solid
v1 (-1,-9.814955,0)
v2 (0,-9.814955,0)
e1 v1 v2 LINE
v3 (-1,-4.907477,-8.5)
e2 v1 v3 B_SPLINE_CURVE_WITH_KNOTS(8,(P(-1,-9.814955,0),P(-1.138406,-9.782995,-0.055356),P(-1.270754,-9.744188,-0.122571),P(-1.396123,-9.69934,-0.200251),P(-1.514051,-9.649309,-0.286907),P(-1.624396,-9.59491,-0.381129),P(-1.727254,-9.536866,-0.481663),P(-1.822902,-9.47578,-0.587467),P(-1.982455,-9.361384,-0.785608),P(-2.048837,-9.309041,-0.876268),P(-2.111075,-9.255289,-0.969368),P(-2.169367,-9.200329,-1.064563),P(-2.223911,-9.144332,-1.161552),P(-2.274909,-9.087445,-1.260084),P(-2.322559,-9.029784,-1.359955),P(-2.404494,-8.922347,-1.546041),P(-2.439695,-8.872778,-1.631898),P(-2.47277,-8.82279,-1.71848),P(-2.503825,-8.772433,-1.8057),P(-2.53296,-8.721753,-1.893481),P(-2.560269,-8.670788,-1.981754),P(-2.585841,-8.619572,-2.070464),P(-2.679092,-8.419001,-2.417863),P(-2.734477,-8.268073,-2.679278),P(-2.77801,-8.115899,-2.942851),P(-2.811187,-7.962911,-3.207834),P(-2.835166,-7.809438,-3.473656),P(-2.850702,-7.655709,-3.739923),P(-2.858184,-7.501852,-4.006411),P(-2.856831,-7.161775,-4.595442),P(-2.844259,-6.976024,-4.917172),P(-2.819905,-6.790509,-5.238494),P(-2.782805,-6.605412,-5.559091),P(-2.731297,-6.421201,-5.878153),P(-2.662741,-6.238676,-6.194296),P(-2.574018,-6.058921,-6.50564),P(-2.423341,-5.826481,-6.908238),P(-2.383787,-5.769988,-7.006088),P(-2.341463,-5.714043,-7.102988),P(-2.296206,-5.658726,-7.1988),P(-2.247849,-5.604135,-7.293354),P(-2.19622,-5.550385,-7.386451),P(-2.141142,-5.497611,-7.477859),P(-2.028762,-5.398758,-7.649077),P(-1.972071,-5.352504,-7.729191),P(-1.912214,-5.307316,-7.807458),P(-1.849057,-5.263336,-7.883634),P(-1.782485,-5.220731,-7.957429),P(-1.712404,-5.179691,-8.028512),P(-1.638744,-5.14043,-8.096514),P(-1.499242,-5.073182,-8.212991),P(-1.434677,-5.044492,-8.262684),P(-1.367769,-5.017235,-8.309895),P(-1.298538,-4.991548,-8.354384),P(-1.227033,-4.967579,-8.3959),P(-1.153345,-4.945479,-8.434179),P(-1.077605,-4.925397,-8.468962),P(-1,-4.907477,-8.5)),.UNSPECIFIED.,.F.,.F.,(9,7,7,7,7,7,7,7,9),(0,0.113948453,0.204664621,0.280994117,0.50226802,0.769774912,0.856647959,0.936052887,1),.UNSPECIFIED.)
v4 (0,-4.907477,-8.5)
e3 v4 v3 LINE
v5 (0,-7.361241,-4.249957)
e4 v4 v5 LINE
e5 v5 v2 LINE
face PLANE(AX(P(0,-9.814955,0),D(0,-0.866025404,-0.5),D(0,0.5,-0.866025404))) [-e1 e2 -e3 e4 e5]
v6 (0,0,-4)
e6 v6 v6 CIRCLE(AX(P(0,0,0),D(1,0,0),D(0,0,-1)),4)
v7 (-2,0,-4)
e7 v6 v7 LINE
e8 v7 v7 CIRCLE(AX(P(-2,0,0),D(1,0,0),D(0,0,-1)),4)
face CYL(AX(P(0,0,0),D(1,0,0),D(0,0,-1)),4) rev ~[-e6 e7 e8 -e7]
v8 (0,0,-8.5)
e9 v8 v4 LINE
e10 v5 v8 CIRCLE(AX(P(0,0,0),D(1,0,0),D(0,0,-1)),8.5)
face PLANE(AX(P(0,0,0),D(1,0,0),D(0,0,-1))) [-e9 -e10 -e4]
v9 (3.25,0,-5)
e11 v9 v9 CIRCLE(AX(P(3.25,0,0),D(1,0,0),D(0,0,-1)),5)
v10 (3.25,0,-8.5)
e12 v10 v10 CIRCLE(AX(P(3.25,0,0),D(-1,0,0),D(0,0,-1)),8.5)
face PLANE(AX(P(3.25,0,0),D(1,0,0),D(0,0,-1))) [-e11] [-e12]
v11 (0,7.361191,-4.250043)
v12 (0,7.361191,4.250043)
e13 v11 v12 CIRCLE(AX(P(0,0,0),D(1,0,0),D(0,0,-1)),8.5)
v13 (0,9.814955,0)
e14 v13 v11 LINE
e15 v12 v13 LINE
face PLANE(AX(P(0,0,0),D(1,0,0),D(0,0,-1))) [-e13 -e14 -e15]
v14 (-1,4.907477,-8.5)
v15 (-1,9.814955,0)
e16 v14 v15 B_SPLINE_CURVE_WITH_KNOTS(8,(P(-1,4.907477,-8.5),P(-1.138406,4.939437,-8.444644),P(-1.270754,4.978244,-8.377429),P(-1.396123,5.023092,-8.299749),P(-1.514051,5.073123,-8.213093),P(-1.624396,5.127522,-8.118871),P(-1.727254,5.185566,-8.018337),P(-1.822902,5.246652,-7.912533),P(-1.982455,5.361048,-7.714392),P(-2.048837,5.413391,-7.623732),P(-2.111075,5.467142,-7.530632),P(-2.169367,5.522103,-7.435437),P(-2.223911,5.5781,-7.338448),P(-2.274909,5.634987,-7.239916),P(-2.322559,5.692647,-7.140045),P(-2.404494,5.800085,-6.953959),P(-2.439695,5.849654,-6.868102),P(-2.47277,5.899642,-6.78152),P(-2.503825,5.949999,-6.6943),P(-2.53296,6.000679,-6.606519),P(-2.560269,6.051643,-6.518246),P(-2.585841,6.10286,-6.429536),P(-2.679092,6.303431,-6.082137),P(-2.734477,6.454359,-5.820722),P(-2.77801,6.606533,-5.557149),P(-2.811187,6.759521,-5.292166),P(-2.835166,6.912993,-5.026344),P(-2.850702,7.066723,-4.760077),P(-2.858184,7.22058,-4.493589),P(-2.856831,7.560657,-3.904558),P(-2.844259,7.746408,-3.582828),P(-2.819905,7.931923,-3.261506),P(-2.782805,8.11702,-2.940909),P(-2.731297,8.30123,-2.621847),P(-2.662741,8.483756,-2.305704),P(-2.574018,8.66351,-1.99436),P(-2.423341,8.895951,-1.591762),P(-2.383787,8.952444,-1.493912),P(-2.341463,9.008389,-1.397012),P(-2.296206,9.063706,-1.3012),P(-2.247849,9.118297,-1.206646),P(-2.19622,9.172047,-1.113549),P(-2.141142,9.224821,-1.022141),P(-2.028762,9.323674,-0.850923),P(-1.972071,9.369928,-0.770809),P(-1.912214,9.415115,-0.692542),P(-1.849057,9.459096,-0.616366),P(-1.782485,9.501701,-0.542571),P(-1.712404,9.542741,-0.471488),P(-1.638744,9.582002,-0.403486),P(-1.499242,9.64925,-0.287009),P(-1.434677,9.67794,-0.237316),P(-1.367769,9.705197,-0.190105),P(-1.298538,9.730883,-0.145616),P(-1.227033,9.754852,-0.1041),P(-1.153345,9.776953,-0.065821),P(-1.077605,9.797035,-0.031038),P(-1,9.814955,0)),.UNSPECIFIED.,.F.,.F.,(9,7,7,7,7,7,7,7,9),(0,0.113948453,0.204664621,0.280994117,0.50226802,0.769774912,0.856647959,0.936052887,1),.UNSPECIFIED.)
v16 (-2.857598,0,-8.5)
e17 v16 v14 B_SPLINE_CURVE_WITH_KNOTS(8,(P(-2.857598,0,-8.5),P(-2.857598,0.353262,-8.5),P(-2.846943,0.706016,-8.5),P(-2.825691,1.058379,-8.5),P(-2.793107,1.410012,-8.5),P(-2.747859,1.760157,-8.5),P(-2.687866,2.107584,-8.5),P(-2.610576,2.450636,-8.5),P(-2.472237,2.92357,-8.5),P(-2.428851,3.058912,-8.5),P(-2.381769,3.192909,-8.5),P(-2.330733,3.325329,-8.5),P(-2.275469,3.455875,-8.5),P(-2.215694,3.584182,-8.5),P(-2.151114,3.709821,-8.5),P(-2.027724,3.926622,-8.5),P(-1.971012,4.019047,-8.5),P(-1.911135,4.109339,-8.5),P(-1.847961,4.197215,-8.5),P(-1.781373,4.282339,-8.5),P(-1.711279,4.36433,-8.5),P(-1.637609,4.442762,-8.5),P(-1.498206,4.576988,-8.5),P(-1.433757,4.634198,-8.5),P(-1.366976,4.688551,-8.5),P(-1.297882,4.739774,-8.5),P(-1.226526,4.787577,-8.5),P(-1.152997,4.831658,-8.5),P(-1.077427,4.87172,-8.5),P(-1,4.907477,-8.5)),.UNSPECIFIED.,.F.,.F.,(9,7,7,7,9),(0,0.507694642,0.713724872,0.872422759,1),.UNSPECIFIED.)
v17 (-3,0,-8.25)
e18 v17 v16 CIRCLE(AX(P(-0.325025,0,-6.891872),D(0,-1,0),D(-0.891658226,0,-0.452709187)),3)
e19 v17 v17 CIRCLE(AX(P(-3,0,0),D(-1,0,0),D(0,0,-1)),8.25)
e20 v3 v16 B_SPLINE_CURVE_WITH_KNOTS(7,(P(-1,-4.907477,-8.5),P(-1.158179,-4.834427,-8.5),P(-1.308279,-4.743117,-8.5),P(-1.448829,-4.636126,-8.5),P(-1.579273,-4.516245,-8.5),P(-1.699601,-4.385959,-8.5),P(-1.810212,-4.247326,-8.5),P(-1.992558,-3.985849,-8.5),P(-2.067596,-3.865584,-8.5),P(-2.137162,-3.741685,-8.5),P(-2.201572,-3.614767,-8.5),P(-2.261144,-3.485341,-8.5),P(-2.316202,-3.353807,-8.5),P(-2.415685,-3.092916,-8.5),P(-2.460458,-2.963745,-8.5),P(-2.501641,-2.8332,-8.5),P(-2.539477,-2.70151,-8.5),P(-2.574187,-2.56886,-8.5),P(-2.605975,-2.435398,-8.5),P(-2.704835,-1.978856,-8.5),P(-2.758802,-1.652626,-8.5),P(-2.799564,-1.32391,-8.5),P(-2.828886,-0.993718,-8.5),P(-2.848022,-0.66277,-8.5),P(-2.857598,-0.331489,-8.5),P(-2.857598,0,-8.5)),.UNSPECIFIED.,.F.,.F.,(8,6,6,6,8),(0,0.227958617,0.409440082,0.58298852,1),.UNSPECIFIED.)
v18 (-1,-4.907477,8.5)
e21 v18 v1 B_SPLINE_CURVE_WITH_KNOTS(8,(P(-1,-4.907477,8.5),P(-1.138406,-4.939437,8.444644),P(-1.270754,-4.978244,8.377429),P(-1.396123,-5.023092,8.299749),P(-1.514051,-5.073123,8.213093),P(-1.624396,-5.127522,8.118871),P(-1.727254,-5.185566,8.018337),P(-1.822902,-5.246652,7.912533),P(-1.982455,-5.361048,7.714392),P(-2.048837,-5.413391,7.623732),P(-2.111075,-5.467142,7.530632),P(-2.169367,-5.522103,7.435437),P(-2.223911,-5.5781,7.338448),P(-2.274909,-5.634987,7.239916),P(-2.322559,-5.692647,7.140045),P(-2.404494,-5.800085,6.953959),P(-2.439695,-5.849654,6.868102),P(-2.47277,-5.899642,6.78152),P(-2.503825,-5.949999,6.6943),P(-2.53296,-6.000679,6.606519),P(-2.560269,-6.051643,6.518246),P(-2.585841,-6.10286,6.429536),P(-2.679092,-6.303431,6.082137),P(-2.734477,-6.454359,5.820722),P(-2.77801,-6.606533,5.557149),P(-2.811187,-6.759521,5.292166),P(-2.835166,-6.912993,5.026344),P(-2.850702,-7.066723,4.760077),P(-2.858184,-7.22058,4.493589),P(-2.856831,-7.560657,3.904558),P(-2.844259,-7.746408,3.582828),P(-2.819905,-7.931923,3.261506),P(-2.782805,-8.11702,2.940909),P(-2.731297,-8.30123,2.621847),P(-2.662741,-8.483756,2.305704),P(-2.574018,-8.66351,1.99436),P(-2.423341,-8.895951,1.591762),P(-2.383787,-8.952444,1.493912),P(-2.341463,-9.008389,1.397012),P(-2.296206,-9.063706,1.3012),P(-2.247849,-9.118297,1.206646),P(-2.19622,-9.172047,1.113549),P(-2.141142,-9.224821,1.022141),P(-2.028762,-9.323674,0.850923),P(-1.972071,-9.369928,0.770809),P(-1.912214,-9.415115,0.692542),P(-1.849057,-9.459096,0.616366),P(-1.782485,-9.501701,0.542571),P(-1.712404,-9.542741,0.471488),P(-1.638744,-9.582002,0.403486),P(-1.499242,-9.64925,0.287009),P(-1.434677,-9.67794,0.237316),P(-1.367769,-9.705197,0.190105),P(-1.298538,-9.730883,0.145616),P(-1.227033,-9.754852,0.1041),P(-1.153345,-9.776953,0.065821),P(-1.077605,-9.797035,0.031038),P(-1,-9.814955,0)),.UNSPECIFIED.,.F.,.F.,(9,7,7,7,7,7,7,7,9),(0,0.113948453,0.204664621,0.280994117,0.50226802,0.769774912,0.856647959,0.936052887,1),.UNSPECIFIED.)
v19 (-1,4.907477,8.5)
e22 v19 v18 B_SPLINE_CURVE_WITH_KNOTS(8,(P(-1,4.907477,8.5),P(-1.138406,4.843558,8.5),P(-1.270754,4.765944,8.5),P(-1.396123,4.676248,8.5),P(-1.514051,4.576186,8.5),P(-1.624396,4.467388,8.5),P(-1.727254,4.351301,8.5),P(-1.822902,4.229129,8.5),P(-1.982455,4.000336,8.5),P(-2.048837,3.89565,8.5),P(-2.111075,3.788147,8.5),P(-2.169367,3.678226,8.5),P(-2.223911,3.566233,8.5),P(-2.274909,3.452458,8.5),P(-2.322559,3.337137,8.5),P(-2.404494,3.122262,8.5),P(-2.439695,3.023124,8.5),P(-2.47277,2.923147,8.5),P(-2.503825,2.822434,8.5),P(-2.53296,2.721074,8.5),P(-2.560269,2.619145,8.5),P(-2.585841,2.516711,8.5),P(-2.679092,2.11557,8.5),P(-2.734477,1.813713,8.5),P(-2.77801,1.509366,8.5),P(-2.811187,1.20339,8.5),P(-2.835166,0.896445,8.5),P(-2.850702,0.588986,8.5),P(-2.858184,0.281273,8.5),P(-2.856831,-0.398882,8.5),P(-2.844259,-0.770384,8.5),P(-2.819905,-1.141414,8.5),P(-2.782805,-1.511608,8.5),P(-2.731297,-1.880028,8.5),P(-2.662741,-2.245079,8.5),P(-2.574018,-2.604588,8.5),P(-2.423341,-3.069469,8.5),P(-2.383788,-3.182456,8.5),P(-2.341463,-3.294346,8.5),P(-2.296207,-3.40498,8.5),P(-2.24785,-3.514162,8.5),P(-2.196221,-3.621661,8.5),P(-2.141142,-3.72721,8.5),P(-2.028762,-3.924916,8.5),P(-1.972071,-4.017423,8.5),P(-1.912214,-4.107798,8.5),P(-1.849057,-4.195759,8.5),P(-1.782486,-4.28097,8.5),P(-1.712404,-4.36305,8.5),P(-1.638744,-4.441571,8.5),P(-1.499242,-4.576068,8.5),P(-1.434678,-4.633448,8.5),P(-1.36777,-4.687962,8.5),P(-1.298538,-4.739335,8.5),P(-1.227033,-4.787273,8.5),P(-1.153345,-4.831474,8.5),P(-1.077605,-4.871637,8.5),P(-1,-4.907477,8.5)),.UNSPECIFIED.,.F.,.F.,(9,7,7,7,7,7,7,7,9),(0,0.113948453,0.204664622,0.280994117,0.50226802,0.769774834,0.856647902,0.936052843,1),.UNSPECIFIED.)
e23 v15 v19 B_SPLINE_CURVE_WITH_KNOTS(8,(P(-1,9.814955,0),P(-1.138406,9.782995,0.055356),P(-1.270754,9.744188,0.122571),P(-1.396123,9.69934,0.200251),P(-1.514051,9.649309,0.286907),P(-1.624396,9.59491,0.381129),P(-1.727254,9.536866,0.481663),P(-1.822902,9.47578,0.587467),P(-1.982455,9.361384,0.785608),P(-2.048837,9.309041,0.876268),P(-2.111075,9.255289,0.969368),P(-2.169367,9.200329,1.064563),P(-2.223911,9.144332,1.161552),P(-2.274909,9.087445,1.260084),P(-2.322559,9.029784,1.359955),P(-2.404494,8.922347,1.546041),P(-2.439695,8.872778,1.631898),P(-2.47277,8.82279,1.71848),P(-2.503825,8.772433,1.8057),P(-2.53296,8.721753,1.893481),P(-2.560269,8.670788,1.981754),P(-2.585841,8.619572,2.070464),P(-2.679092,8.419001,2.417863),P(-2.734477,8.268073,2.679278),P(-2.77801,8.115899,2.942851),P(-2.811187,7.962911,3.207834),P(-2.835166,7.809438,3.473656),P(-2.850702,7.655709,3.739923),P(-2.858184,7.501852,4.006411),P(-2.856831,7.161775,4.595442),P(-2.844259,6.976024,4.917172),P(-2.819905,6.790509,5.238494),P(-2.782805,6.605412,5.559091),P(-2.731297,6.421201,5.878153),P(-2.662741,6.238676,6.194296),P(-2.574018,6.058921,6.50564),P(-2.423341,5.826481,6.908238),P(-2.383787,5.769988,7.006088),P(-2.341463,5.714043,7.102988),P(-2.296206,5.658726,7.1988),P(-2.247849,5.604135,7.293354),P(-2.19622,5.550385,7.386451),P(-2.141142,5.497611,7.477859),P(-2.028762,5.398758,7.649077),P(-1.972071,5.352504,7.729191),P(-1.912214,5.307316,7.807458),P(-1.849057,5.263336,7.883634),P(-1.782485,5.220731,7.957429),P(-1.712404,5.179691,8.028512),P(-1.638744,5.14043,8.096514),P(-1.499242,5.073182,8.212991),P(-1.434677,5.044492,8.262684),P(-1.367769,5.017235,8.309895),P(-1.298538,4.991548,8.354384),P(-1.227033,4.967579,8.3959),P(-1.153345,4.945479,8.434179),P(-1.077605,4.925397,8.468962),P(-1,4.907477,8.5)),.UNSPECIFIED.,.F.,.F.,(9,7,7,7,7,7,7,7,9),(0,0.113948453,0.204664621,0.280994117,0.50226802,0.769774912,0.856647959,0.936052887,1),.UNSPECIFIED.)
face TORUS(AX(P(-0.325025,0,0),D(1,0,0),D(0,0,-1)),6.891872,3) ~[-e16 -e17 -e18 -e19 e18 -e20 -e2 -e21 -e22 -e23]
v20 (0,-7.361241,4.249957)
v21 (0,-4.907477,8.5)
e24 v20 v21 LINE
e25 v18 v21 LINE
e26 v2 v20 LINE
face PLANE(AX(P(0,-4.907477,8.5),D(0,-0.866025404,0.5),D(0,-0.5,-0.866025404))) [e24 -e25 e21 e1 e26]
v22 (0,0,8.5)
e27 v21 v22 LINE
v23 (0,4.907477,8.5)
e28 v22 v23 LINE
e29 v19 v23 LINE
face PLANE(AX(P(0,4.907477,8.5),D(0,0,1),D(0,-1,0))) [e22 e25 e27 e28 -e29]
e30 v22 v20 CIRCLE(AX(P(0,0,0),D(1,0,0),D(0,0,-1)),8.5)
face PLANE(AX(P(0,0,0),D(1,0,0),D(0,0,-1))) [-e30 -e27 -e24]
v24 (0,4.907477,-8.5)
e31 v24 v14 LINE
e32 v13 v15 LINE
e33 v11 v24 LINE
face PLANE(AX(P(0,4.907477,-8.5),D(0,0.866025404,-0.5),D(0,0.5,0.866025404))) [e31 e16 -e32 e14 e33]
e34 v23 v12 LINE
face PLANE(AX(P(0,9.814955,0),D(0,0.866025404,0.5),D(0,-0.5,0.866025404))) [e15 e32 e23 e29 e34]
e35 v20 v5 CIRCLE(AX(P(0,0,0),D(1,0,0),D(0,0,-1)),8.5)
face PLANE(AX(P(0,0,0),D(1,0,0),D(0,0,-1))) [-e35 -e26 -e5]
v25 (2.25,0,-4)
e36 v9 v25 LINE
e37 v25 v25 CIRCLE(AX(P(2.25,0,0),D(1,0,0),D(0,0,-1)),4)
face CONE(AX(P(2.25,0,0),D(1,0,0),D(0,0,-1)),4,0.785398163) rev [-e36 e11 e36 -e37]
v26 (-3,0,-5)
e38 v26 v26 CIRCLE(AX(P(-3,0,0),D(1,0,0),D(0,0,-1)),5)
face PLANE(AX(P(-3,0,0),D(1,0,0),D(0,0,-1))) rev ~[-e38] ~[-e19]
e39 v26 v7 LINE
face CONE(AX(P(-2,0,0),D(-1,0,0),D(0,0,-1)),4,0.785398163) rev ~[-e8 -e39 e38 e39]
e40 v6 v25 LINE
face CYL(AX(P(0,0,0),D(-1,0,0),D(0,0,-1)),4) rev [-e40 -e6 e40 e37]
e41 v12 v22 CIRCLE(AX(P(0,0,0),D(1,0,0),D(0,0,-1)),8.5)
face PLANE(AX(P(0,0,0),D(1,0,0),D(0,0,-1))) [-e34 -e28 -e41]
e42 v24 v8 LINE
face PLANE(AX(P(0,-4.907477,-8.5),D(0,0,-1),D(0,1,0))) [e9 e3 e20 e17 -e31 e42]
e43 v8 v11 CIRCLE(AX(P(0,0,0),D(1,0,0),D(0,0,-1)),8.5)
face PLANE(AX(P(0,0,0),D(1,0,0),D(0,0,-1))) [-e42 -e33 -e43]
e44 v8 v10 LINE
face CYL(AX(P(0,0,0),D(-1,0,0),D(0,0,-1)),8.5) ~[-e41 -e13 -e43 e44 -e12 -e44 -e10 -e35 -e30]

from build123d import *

# Parameters (mm, degrees)
ESQUISSE2_R             = 4
EXTRUSION1_DEPTH        = 3.25
EXTRUSION1_DEPTH_BACK   = 3
ESQUISSE3_OUTSIDE_W     = 24.342
ESQUISSE3_OUTSIDE_H     = 26.972
ESQUISSE3_OUTSIDE_R     = 8.5
ENL_V_MAT_EXTRU_1_DEPTH = 4.25
CHANFREIN1_SIZE         = 1


with BuildPart() as part:
    # Esquisse2 → Extrusion1 (new body, two sides)
    with BuildSketch(Plane(origin=(0, 0, 0), x_dir=(0, 0, -1), z_dir=(1, 0, 0))) as extrusion1_sk:
        Polygon((0, 9.814954576), (-8.5, 4.907477288), (-8.5, -4.907477288), (0, -9.814954576), (8.5, -4.907477288), (8.5, 4.907477288), align=None)
        Circle(ESQUISSE2_R, mode=Mode.SUBTRACT)
    extrude(amount=EXTRUSION1_DEPTH)
    extrude(extrusion1_sk.sketch, amount=-EXTRUSION1_DEPTH_BACK)

    # Esquisse3 outside → Enlèv. mat.-Extru.1 (cut, through all)
    with BuildSketch(Plane(origin=(0, 0, 0), x_dir=(0, 0, -1), z_dir=(1, 0, 0))):
        Rectangle(ESQUISSE3_OUTSIDE_W, ESQUISSE3_OUTSIDE_H)
        Circle(ESQUISSE3_OUTSIDE_R, mode=Mode.SUBTRACT)
    extrude(amount=ENL_V_MAT_EXTRU_1_DEPTH, mode=Mode.SUBTRACT)

    # Esquisse4 → Enlèvement de matière-Révolution1 (revolve, cut)
    with BuildSketch(Plane.XY, mode=Mode.PRIVATE) as enl_vement_de_mati_re_r_volution1_sk:
        with BuildLine():
            Line((-1, 9.814954576), (-3, 9.814954576))
            Line((-3, 9.814954576), (-3, 8.25))
            ThreePointArc((-3, 8.25), (-2.173757557, 9.25453812), (-1, 9.814954576))
        make_face()
    revolve(enl_vement_de_mati_re_r_volution1_sk.sketch.rotate(Axis((0, 0, 0), (-1, 0, 0)), 90), axis=Axis((0, 0, 0), (-1, 0, 0)), mode=Mode.SUBTRACT)  # turned: the seam where the file's is

    # Chanfrein1
    chanfrein1_edges = [part.edges().sort_by_distance(p)[0] for p in [
        (3.25, 0, 4),
        (-3, 0, 4),
    ]]
    chamfer(chanfrein1_edges, length=CHANFREIN1_SIZE)


solid = part.part
